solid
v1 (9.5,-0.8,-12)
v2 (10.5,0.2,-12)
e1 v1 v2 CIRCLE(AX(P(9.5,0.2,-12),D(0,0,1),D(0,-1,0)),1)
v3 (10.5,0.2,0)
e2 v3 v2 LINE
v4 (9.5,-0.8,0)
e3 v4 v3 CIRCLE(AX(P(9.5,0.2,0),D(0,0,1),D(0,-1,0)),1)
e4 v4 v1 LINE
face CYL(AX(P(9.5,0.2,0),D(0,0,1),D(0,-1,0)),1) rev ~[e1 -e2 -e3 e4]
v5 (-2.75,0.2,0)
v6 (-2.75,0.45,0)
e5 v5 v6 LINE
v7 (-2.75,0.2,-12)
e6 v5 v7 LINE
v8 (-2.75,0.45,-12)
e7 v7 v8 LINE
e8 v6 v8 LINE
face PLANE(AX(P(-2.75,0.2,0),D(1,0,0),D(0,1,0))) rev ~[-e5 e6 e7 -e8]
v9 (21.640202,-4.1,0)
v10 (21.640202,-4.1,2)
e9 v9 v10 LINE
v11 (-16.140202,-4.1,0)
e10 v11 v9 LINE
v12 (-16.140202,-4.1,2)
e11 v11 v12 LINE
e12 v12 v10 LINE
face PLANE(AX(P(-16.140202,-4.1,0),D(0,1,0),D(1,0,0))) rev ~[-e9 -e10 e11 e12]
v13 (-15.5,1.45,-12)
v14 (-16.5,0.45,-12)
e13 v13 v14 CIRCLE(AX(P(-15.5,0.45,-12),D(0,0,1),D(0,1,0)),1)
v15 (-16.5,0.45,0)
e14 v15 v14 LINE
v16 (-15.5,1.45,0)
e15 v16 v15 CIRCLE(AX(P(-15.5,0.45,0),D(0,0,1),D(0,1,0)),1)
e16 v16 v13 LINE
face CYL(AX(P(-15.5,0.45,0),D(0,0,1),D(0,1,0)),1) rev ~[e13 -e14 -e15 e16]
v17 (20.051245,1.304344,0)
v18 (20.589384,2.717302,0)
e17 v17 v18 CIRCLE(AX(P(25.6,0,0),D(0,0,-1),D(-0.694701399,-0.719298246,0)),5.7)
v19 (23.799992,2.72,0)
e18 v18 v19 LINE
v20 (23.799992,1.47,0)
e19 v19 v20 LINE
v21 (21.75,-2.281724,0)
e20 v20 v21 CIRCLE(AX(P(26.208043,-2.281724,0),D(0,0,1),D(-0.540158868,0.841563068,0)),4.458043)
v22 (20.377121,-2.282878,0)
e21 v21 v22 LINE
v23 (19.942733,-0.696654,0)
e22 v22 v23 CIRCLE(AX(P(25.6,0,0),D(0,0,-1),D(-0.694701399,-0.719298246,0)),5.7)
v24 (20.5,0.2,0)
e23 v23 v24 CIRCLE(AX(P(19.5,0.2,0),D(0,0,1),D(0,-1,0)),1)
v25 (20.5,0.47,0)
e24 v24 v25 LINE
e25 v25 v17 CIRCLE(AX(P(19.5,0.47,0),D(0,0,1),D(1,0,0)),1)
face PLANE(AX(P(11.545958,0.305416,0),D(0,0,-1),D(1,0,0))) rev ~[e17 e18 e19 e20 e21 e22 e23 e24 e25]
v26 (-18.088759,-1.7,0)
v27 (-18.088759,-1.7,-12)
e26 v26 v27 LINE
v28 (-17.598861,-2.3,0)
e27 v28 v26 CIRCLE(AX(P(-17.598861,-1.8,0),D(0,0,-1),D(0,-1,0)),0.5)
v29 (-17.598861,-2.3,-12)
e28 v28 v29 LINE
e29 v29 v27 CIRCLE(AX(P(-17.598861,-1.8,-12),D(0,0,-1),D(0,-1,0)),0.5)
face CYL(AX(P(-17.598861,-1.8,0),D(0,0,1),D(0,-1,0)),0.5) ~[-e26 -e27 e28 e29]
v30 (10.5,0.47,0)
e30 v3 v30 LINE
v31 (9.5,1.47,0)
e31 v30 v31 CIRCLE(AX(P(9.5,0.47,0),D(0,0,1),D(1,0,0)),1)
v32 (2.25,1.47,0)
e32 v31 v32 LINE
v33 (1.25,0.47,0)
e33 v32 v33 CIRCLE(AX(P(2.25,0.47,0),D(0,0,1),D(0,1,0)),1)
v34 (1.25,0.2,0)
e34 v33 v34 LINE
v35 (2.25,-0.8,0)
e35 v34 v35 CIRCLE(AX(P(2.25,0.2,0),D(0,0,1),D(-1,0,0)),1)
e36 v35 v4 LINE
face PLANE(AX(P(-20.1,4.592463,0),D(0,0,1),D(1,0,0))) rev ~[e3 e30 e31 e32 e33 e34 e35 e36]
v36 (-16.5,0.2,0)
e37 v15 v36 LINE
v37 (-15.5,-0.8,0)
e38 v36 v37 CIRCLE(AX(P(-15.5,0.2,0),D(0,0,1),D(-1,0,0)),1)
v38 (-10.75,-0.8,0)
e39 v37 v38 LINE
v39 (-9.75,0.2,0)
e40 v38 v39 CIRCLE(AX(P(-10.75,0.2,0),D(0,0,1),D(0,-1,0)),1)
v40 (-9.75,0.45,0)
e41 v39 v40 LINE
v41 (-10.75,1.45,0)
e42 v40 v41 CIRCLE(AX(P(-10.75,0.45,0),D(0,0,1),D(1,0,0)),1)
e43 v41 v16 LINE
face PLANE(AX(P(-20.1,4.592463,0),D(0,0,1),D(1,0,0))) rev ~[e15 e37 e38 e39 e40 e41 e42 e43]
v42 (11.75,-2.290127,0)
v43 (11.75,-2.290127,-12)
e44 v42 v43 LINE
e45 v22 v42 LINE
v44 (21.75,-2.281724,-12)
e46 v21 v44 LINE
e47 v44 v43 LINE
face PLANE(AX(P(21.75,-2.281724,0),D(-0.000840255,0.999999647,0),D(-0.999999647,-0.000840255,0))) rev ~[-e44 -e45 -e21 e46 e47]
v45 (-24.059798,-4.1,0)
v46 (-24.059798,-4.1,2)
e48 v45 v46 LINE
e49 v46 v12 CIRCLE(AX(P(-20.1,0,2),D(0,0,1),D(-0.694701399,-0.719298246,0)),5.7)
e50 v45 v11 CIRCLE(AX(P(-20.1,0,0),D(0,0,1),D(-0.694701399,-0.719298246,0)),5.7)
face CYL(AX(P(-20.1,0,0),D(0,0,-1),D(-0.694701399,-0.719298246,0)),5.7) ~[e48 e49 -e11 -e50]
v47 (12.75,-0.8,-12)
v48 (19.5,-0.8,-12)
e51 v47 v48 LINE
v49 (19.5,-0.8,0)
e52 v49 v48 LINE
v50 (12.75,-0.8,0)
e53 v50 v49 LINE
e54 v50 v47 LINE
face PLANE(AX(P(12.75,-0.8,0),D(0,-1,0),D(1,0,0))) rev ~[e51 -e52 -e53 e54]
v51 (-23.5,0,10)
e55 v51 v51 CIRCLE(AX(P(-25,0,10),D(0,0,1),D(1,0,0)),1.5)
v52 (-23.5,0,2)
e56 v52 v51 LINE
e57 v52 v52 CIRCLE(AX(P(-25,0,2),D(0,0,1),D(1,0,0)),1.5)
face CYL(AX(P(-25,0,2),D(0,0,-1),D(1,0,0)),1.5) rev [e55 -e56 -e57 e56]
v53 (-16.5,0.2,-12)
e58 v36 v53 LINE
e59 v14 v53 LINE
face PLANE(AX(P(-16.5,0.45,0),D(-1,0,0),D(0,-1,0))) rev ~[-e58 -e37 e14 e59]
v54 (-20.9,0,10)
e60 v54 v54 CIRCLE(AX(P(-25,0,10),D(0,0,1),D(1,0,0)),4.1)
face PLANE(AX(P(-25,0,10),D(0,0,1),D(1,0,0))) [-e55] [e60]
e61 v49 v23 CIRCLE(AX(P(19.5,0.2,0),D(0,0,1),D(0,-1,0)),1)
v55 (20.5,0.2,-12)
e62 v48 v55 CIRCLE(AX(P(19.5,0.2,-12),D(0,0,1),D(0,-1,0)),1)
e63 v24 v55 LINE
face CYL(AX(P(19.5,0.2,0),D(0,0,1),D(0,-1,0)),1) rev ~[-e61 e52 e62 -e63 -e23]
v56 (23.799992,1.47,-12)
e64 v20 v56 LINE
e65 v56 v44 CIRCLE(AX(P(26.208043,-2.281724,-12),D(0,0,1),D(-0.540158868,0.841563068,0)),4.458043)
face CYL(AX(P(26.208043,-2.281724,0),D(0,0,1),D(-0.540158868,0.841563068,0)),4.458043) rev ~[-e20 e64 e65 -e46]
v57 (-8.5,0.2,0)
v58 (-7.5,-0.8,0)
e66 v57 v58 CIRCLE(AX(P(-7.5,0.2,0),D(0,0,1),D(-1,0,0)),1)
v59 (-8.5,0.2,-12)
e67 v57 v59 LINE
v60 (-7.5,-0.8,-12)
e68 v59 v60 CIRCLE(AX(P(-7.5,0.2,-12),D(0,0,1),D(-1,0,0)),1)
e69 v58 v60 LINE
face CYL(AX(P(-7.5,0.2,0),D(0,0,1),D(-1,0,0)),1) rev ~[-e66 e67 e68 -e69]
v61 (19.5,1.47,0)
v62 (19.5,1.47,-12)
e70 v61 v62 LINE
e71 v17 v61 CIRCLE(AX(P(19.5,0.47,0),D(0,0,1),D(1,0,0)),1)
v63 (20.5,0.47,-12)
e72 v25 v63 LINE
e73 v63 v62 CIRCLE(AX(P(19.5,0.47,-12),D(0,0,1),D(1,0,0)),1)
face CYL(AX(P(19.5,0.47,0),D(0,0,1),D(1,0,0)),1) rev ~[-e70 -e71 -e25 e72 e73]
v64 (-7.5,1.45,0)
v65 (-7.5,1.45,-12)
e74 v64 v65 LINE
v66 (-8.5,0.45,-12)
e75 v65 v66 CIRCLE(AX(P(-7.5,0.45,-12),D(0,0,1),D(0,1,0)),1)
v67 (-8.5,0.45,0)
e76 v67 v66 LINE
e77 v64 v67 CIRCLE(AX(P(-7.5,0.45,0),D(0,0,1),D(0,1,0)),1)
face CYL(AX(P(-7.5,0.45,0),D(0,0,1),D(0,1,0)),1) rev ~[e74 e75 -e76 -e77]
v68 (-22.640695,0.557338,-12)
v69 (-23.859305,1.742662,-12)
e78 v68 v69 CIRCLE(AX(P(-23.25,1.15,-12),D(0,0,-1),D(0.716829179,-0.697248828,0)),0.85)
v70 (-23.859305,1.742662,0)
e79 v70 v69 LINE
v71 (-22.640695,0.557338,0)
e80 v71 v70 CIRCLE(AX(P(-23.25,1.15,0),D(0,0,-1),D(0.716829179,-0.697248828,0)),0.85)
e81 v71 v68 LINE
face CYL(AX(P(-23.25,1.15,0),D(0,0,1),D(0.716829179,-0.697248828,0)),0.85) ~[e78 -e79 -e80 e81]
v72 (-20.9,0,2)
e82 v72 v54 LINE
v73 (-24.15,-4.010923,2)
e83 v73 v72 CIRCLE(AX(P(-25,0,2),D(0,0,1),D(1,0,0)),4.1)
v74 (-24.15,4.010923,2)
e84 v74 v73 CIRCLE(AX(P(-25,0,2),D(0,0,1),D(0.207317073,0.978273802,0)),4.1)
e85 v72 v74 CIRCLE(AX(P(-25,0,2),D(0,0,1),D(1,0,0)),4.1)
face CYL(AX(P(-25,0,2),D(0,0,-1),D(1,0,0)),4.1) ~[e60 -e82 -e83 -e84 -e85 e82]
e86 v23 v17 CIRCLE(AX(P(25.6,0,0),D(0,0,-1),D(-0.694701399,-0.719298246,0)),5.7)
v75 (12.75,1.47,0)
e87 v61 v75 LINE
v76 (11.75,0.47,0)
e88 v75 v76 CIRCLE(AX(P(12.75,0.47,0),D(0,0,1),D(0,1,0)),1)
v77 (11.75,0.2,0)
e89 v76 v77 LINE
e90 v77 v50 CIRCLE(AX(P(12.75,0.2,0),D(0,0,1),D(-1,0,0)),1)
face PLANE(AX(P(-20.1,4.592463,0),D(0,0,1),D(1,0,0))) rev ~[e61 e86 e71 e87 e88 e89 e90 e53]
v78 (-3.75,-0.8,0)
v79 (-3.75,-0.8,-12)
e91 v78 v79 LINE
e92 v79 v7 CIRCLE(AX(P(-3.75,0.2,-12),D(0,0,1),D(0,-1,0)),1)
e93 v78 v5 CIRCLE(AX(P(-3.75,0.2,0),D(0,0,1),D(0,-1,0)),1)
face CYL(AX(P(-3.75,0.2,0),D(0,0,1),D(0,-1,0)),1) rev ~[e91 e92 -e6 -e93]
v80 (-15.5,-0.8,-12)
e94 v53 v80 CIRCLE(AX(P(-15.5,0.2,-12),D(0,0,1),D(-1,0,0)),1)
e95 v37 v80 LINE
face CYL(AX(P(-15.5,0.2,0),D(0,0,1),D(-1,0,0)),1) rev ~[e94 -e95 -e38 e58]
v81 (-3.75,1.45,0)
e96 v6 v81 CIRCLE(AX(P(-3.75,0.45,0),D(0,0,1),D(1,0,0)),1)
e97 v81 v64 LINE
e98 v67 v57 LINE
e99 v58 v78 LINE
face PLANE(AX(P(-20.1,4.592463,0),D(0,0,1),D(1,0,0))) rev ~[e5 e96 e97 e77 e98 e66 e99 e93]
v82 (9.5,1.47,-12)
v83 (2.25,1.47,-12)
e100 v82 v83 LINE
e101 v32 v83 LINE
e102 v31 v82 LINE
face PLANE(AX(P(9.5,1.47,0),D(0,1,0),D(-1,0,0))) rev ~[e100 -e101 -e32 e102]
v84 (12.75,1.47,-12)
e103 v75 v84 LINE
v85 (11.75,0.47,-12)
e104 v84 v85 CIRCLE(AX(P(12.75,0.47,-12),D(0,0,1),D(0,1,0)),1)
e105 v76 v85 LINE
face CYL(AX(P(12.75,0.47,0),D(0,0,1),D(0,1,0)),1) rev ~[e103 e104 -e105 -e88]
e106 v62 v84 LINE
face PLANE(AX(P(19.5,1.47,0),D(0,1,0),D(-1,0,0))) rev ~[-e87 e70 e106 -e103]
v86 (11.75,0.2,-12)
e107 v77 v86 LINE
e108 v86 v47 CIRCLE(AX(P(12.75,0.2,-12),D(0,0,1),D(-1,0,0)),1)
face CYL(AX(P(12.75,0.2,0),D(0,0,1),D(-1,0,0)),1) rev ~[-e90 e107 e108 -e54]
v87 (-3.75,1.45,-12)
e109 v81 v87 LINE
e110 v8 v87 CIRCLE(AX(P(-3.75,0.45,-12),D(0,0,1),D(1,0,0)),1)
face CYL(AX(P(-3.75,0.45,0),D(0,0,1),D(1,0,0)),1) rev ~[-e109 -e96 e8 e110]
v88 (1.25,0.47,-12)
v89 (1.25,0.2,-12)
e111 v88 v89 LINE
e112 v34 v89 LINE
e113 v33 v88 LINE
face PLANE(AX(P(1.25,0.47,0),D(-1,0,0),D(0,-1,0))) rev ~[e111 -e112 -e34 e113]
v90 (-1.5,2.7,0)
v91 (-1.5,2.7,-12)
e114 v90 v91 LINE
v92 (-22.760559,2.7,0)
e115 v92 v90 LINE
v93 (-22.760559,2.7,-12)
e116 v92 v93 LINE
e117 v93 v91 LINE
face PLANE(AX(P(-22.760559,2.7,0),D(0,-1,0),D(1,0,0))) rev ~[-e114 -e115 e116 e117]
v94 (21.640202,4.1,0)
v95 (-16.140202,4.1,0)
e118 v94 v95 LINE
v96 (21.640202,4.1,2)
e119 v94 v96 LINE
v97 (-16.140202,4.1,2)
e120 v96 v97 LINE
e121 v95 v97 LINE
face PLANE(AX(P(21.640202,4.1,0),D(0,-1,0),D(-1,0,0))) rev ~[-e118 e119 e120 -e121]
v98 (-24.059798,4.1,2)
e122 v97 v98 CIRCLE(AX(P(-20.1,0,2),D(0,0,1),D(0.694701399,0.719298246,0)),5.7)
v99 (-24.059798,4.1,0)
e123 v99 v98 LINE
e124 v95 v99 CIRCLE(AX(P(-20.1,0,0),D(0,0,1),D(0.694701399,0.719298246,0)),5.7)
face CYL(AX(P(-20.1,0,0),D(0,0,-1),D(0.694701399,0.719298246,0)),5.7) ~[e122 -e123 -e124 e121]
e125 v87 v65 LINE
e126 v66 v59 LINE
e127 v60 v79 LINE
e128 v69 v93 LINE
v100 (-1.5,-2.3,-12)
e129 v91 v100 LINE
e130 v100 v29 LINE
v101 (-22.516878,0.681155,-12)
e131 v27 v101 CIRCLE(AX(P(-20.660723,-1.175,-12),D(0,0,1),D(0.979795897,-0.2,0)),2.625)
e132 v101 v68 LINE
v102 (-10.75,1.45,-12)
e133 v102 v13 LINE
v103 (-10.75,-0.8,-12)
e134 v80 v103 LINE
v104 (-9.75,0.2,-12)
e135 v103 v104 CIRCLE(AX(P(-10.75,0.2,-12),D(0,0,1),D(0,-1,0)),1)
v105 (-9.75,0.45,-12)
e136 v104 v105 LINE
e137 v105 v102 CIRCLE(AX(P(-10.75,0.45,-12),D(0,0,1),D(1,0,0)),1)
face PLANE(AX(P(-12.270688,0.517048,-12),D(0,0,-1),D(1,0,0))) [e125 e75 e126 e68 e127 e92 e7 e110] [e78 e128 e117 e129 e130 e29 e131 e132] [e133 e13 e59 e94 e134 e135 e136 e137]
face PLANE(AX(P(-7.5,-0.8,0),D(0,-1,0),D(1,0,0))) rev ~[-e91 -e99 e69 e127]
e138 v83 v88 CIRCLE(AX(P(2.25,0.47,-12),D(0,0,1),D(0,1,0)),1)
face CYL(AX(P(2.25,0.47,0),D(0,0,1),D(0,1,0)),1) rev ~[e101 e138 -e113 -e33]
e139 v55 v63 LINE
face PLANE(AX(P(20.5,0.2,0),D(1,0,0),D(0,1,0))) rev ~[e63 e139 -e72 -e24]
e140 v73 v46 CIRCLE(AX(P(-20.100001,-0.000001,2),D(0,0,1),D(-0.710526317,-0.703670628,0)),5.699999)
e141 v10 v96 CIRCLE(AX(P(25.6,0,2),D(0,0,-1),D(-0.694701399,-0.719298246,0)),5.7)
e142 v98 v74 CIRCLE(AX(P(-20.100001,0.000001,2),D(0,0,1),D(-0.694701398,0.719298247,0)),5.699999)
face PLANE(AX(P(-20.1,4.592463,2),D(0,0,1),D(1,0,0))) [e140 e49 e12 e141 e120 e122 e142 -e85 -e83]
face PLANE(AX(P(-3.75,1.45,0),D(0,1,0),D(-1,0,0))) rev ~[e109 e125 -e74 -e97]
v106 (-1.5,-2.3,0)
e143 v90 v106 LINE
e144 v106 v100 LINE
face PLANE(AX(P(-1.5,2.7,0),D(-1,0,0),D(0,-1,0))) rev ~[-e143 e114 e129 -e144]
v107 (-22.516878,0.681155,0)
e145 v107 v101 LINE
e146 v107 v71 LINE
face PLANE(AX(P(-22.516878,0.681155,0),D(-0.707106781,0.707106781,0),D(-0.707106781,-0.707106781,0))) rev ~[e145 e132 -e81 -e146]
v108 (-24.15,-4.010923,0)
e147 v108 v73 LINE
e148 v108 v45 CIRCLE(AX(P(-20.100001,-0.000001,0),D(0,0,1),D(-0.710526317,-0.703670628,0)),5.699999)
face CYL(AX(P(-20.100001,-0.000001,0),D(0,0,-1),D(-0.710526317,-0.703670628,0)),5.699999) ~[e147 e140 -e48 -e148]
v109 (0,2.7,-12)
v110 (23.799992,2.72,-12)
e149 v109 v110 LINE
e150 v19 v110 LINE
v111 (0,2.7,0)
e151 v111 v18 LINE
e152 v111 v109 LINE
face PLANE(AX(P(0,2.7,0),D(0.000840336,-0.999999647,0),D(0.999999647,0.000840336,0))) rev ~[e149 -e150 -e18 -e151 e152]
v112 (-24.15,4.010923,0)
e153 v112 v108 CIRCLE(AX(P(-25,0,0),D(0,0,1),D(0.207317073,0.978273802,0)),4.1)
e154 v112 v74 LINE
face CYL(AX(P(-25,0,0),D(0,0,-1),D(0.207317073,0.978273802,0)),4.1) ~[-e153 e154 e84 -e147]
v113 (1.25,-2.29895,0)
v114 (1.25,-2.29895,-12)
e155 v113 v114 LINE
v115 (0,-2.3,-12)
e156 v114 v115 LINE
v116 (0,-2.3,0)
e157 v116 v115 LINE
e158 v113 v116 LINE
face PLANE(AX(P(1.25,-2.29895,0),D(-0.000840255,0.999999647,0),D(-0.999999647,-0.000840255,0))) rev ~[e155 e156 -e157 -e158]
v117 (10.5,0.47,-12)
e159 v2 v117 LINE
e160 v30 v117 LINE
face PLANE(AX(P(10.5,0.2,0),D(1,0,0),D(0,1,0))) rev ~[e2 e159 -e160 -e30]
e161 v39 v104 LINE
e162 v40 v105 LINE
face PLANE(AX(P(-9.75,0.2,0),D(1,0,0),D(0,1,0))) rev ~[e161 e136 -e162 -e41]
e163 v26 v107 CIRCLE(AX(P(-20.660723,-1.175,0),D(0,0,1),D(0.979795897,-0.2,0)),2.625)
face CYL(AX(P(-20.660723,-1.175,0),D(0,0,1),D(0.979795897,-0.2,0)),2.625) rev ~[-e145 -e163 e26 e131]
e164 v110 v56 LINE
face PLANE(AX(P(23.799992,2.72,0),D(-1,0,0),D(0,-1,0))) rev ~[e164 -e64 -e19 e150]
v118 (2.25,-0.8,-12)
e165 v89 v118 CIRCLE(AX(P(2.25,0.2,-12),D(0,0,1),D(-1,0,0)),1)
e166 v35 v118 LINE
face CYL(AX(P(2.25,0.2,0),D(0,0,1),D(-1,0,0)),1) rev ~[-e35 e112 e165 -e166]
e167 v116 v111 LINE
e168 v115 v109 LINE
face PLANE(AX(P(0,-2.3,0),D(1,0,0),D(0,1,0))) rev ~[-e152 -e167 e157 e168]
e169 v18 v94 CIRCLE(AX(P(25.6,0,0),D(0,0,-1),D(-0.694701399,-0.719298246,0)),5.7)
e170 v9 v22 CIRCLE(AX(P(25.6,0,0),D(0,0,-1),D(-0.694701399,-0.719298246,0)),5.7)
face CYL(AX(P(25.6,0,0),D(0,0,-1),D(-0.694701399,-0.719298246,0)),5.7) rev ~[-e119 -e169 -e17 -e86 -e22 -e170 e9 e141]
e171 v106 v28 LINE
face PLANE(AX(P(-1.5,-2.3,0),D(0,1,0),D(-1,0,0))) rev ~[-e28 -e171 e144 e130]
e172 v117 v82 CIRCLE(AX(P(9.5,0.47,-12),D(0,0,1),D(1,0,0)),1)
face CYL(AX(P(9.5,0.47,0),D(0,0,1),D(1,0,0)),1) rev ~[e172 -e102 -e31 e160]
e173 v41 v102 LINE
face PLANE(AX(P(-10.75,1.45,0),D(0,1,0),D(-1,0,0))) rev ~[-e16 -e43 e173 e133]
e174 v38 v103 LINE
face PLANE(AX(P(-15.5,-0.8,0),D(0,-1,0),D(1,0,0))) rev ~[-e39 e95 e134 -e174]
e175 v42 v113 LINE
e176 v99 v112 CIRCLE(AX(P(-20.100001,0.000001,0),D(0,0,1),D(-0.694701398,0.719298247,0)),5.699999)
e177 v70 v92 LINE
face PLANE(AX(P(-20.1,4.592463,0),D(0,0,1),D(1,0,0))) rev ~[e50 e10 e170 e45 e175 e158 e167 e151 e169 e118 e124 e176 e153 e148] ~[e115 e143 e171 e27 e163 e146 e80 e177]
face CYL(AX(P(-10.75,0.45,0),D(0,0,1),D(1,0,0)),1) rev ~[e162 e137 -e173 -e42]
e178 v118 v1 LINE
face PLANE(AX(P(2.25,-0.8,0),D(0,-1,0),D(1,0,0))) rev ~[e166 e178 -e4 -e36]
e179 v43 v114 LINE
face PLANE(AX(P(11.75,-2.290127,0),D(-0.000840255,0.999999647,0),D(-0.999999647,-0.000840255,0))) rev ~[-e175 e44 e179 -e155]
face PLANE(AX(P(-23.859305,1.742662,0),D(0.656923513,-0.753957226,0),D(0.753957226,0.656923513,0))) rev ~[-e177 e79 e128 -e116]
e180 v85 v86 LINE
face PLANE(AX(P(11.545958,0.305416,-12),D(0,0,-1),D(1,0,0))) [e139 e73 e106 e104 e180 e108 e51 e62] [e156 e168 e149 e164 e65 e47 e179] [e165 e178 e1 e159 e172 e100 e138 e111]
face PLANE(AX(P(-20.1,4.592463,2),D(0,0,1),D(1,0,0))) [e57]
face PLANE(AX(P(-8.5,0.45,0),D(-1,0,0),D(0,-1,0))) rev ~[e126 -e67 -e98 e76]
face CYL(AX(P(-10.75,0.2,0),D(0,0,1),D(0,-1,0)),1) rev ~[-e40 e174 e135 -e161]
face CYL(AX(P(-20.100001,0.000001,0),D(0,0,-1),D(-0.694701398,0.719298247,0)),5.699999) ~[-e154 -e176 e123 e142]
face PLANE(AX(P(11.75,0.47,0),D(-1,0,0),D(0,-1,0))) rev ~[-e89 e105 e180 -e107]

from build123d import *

# Parameters (mm, degrees)
F1_DEPTH = 2
F2_R     = 4.1
F2_R_2   = 1.5
F3_DEPTH = 8
F5_DEPTH = 12


with BuildPart() as f1:
    # F0 (on Top) → F1 (new body)
    with BuildSketch(Plane.XY):
        with BuildLine():
            ThreePointArc((-16.1402020254, 4.1), (-20.1, 5.7), (-24.0597979746, 4.1))
            Line((-24.0597979746, 4.1), (-16.1402020254, 4.1))
        make_face()
        with BuildLine():
            Line((-16.1402020254, 4.1), (-24.0597979746, 4.1))
            ThreePointArc((-24.0597979746, 4.1), (-24.1051466384, 4.0557120713), (-24.15, 4.0109225871))
            ThreePointArc((-24.15, 4.0109225871), (-29.1, 0), (-24.15, -4.0109225871))
            ThreePointArc((-24.15, -4.0109225871), (-24.1051466384, -4.0557120713), (-24.0597979746, -4.1))
            Line((-24.0597979746, -4.1), (-16.1402020254, -4.1))
            Line((-16.1402020254, -4.1), (21.6402020254, -4.1))
            ThreePointArc((21.6402020254, -4.1), (19.9, 0), (21.6402020254, 4.1))
            Line((21.6402020254, 4.1), (-16.1402020254, 4.1))
        make_face()
        with BuildLine():
            Line((-16.1402020254, -4.1), (-24.0597979746, -4.1))
            ThreePointArc((-24.0597979746, -4.1), (-20.1, -5.7), (-16.1402020254, -4.1))
        make_face()
    extrude(amount=F1_DEPTH)

    # F2 (on face) → F3 (join)
    with BuildSketch(Plane.XY.offset(2)):
        with Locations((-25, 0)):
            Circle(F2_R)
        with Locations((-25, 0)):
            Circle(F2_R_2, mode=Mode.SUBTRACT)
    extrude(amount=F3_DEPTH)

    # F4 (on face) → F5 (join)
    with BuildSketch(Plane(origin=(0, 0, 0), x_dir=(1, 0, 0), z_dir=(0, 0, -1))):
        with BuildLine():
            Line((-23.8593048022, -1.7426615038), (-22.7605585052, -2.7))
            Line((-22.7605585052, -2.7), (-1.5, -2.7))
            Line((-1.5, -2.7), (-1.5, 2.3))
            Line((-1.5, 2.3), (-17.5988609143, 2.3))
            ThreePointArc((-17.5988609143, 2.3), (-17.986159249, 2.116227766), (-18.0887588629, 1.7))
            ThreePointArc((-18.0887588629, 1.7), (-19.4175132364, -1.1369373376), (-22.5168783934, -0.6811553006))
            Line((-22.5168783934, -0.6811553006), (-22.6406951978, -0.5573384962))
            ThreePointArc((-22.6406951978, -0.5573384962), (-23.8426615038, -0.5406951978), (-23.8593048022, -1.7426615038))
        make_face()
        with BuildLine():
            ThreePointArc((-15.5, -1.45), (-16.2071067812, -1.1571067812), (-16.5, -0.45))
            Line((-16.5, -0.45), (-16.5, -0.2))
            ThreePointArc((-16.5, -0.2), (-16.2071067812, 0.5071067812), (-15.5, 0.8))
            Line((-15.5, 0.8), (-10.75, 0.8))
            ThreePointArc((-10.75, 0.8), (-10.0428932188, 0.5071067812), (-9.75, -0.2))
            Line((-9.75, -0.2), (-9.75, -0.45))
            ThreePointArc((-9.75, -0.45), (-10.0428932188, -1.1571067812), (-10.75, -1.45))
            Line((-10.75, -1.45), (-15.5, -1.45))
        make_face(mode=Mode.SUBTRACT)
        with BuildLine():
            Line((-2.75, -0.2), (-2.75, -0.45))
            ThreePointArc((-2.75, -0.45), (-3.0428932188, -1.1571067812), (-3.75, -1.45))
            Line((-3.75, -1.45), (-7.5, -1.45))
            ThreePointArc((-7.5, -1.45), (-8.2071067812, -1.1571067812), (-8.5, -0.45))
            Line((-8.5, -0.45), (-8.5, -0.2))
            ThreePointArc((-8.5, -0.2), (-8.2071067812, 0.5071067812), (-7.5, 0.8))
            Line((-7.5, 0.8), (-3.75, 0.8))
            ThreePointArc((-3.75, 0.8), (-3.0428932188, 0.5071067812), (-2.75, -0.2))
        make_face(mode=Mode.SUBTRACT)
        with BuildLine():
            Line((0, 2.3), (0, -2.7))
            Line((0, -2.7), (23.7999915966, -2.72))
            Line((23.7999915966, -2.72), (23.7999915966, -1.47))
            ThreePointArc((23.7999915966, -1.47), (22.2959243854, 0.1440913013), (21.75, 2.281724448))
            Line((21.75, 2.281724448), (11.7499999993, 2.2901270007))
            Line((11.7499999993, 2.2901270007), (1.25, 2.2989496809))
            Line((1.25, 2.2989496809), (0, 2.3))
        make_face()
        with BuildLine():
            ThreePointArc((2.25, -1.47), (1.5428932188, -1.1771067812), (1.25, -0.47))
            Line((1.25, -0.47), (1.25, -0.2))
            ThreePointArc((1.25, -0.2), (1.5428932188, 0.5071067812), (2.25, 0.8))
            Line((2.25, 0.8), (9.5, 0.8))
            ThreePointArc((9.5, 0.8), (10.2071067812, 0.5071067812), (10.5, -0.2))
            Line((10.5, -0.2), (10.5, -0.47))
            ThreePointArc((10.5, -0.47), (10.2071067812, -1.1771067812), (9.5, -1.47))
            Line((9.5, -1.47), (2.25, -1.47))
        make_face(mode=Mode.SUBTRACT)
        with BuildLine():
            ThreePointArc((12.75, -1.47), (12.0428932188, -1.1771067812), (11.75, -0.47))
            Line((11.75, -0.47), (11.75, -0.2))
            ThreePointArc((11.75, -0.2), (12.0428932188, 0.5071067812), (12.75, 0.8))
            Line((12.75, 0.8), (19.5, 0.8))
            ThreePointArc((19.5, 0.8), (20.2071067812, 0.5071067812), (20.5, -0.2))
            Line((20.5, -0.2), (20.5, -0.47))
            ThreePointArc((20.5, -0.47), (20.2071067812, -1.1771067812), (19.5, -1.47))
            Line((19.5, -1.47), (12.75, -1.47))
        make_face(mode=Mode.SUBTRACT)
    extrude(amount=F5_DEPTH)


solid = f1.part
